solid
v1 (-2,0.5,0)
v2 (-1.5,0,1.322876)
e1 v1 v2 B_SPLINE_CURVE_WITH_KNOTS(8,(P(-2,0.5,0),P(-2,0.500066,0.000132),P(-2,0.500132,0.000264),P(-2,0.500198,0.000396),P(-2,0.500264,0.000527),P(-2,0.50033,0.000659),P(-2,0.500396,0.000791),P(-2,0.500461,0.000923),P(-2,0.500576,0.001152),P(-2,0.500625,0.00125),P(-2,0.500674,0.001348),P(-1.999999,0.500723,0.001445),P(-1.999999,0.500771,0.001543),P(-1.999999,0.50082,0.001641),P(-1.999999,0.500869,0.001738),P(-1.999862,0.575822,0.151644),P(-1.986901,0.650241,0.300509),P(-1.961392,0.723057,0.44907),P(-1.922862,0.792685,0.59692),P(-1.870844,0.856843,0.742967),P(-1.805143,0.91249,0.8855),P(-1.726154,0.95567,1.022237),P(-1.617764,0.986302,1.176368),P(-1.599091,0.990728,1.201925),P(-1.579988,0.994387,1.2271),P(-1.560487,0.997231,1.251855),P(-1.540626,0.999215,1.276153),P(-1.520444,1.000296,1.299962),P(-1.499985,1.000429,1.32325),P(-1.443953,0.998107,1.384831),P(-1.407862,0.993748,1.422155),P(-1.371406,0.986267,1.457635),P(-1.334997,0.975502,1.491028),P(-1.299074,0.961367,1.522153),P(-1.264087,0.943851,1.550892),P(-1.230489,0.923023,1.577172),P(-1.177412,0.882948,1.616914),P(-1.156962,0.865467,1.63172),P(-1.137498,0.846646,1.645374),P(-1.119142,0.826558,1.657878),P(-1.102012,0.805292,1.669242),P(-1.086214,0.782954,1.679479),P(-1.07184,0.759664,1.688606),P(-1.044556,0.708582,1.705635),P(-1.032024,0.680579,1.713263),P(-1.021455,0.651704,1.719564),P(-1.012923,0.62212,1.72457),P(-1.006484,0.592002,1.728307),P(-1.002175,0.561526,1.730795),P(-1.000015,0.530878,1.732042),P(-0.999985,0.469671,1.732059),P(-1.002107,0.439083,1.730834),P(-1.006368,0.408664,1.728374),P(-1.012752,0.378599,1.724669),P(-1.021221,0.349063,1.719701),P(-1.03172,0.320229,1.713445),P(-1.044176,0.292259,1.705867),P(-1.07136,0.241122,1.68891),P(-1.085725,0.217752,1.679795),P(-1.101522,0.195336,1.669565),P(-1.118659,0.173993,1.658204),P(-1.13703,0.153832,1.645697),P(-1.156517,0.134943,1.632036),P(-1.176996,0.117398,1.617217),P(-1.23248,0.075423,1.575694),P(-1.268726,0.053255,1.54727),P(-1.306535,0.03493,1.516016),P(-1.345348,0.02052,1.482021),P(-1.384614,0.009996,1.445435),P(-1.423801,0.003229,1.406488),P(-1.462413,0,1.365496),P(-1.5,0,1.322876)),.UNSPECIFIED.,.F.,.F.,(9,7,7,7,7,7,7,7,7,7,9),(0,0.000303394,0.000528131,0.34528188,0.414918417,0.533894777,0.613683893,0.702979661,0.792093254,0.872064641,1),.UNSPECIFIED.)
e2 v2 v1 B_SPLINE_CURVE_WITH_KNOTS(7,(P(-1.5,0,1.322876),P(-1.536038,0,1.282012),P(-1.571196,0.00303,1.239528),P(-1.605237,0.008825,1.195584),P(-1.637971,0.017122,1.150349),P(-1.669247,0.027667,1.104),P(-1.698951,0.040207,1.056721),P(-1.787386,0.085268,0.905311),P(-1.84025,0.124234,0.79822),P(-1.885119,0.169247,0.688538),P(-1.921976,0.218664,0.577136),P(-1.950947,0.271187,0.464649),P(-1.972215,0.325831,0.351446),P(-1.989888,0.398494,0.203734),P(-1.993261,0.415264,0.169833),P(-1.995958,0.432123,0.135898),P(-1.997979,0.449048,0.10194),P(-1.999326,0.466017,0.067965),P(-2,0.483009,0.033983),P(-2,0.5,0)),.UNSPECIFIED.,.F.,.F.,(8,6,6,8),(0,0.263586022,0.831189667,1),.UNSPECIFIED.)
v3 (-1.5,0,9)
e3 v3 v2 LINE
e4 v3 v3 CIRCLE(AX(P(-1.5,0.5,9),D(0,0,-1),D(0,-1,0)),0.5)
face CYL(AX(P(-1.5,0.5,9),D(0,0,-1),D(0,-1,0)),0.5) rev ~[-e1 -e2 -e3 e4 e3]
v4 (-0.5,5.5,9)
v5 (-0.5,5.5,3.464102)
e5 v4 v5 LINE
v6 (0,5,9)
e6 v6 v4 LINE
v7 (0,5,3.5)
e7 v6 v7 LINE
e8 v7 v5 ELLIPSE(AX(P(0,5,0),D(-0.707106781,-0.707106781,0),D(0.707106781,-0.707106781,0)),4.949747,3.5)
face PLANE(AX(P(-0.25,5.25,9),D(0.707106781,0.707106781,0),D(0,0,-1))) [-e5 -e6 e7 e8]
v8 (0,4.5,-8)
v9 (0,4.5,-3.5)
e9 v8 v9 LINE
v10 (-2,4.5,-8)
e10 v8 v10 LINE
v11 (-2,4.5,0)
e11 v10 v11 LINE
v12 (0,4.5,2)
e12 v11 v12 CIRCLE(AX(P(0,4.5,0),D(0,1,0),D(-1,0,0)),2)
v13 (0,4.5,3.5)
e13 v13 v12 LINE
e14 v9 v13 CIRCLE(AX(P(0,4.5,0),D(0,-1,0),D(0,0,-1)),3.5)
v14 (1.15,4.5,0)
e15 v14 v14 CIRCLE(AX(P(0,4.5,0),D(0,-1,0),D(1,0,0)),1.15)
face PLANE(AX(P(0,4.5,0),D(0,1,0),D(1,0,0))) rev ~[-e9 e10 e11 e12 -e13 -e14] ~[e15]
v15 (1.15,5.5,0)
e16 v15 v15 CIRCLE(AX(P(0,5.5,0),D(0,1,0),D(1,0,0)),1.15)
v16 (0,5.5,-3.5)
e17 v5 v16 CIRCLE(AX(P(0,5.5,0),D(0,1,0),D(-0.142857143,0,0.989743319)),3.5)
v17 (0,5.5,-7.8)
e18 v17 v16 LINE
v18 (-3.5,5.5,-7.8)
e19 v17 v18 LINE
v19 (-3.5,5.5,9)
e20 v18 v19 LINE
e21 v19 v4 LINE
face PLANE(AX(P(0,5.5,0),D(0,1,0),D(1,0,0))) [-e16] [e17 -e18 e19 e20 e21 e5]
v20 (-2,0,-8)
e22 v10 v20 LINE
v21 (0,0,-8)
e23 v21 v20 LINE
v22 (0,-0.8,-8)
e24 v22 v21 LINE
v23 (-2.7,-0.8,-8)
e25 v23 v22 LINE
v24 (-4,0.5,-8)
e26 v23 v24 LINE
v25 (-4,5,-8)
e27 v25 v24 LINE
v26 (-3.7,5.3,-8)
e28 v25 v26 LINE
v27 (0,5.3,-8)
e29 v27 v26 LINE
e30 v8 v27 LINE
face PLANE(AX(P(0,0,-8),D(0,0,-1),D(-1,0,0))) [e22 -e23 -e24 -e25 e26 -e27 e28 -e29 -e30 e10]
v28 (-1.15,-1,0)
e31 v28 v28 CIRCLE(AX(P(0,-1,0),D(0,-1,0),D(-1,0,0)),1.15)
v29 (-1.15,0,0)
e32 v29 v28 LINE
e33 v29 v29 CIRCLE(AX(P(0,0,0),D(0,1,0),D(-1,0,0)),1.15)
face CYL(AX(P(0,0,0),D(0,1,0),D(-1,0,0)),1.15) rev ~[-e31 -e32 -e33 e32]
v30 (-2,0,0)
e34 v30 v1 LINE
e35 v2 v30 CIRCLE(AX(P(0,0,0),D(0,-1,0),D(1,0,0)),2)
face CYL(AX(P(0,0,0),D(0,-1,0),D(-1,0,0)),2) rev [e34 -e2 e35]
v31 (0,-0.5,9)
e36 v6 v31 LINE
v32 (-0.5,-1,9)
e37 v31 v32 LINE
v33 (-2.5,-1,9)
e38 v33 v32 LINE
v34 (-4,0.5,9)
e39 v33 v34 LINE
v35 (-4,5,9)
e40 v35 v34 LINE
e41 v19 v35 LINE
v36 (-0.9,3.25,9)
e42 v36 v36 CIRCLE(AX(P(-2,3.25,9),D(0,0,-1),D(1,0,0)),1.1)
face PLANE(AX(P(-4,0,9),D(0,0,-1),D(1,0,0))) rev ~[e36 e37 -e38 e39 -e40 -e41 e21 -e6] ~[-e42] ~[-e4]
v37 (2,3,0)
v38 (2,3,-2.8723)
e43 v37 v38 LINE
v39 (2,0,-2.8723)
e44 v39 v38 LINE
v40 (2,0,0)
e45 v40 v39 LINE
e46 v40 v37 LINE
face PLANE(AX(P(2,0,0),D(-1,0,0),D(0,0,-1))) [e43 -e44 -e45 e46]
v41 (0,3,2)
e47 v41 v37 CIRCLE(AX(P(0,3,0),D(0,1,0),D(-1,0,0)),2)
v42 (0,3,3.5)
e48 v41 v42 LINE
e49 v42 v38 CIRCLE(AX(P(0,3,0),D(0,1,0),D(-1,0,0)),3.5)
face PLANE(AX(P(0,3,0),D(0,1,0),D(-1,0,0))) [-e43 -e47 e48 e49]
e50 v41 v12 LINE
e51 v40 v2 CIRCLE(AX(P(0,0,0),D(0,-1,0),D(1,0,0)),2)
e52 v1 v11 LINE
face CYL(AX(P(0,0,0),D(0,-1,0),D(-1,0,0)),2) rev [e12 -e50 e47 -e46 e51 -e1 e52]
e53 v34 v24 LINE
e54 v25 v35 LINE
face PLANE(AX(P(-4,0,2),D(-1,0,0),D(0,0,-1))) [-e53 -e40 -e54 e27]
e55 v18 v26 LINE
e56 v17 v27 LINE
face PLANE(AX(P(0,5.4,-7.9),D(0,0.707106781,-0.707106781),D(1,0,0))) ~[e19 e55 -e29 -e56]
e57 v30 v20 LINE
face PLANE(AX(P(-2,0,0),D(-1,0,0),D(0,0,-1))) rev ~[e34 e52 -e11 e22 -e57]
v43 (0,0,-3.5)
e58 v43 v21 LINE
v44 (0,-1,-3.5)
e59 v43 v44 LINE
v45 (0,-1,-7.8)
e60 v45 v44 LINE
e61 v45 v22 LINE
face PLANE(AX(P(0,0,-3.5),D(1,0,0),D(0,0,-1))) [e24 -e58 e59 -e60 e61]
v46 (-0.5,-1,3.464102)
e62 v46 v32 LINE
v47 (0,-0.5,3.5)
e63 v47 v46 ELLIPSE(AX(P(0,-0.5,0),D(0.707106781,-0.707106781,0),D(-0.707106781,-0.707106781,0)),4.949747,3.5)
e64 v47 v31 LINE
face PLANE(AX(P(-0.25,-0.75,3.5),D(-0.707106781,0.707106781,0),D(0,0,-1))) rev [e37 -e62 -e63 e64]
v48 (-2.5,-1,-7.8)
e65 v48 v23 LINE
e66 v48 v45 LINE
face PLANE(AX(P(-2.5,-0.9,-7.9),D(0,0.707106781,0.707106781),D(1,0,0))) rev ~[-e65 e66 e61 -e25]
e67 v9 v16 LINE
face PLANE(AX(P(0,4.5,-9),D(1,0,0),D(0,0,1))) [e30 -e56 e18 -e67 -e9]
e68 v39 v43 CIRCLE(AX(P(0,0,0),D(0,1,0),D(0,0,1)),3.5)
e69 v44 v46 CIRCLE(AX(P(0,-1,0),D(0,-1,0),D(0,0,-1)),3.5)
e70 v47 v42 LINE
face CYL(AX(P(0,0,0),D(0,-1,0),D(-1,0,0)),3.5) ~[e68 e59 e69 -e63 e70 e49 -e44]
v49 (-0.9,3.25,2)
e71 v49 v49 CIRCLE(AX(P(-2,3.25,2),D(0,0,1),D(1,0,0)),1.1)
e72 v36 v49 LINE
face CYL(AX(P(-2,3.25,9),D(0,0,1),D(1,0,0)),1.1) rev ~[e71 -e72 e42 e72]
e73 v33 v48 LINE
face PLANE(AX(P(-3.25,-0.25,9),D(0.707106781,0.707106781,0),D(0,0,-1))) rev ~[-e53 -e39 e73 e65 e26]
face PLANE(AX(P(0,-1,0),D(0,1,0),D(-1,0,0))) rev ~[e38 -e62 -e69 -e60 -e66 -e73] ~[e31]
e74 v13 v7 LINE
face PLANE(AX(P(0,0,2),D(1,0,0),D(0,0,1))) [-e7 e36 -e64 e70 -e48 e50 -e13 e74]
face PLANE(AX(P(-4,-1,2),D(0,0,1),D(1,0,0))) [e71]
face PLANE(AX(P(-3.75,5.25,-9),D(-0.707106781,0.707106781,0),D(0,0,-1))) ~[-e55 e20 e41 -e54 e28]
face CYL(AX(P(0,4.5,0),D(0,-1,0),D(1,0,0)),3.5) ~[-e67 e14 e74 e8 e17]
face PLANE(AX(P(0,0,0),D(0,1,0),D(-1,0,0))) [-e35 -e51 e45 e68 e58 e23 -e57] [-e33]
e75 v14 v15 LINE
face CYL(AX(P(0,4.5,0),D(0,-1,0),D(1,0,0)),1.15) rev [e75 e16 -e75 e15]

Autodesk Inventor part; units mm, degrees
ref_plane "YZ Plane" through (0, 0, 0) normal (1, 0, 0) x (0, 1, 0)
ref_plane "XZ Plane" through (0, 0, 0) normal (0, 1, 0) x (-1, 0, 0)
ref_plane "XY Plane" through (0, 0, 0) normal (0, 0, 1) x (1, 0, 0)
sketch "スケッチ1" plane through (0, 0, 0) normal (0, 1, 0) x (-1, 0, 0)
  circle A0 centre (0, 0) radius 1.15
  circle A1 centre (0, 0) radius 2
  circle A2 centre (0, 0) radius 3.5
  line L0 (0, 0) -> (0, 3.5)
  line L1 (2, 0) -> (-2, 0)
  line L2 (2, 0) -> (2, -2.8723)
  line L3 (-2, 0) -> (-2, -2.8723)
  line L4 (0, 2) -> (3.5, 2)
  line L5 (3.5, 2) -> (3.5, 6)
  line L6 (3.5, 6) -> (0, 6)
  line L7 (0, 6) -> (0, 2)
  line L8 (0, 6) -> (3.5, 6)
  line L9 (3.5, 6) -> (3.5, 0)
  line L10 (3.5, 0) -> (0, 0)
  line L11 (0, 0) -> (0, 6)
  line L12 (0, 0) -> (0, -8)
  line L13 (0, 0) -> (3.5, 0)
  line L14 (3.5, 0) -> (3.5, -8)
  line L15 (3.5, -8) -> (0, -8)
  line L16 (0, -8) -> (0, 0)
  line L17 (2, -2.8723) -> (2, -8)
  line L18 (0, -8) -> (3.5, -4.5)
  line L19 (0, -8) -> (4.9497, -8) construction
  line L20 (0, 0) -> (3.5, 0)
  line L21 (3.5, 0) -> (3.5, -9)
  line L22 (3.5, -9) -> (0, -9)
  line L23 (0, -9) -> (0, 0)
  line L24 (0, 2) -> (4, 2)
  line L25 (4, 2) -> (4, 9)
  line L26 (4, 9) -> (0, 9)
  line L27 (0, 9) -> (0, 2)
  line L28 (0, 9) -> (4, 9)
  line L29 (4, 9) -> (4, -9)
  line L30 (4, -9) -> (0, -9)
  line L31 (0, -9) -> (0, 9)
  line L32 (0, 0) -> (2, 0)
  line L33 (2, 0) -> (2, -9)
  line L34 (2, -9) -> (0, -9)
  line L35 (0, -9) -> (0, 0)
  point P0 (2, -6)
  point P1 (0, -3.5)
  dimension "d0" = 2.3
  dimension "d1" = 4
  dimension "d2" = 7
  dimension "d3" = 3.5
  dimension "d4" = 4
  dimension "d5" = 8
  dimension "d6" = 45
  dimension "d40" = 9
  dimension "d41" = 4
  dimension "d42" = 7
extrude "押し出し1" add sketch "スケッチ1" along normal blind 3 contours A1 L3 A2 L0
extrude "押し出し2" add sketch "スケッチ1" along normal blind 4.5 contours L10 A2 L2 | A1 L4 A2 L10 | L0 A2 L4 | A2 L14 L18 L17 | A2 L4 L9 | L9 L24 L29 L30 L21 L14 | L7 L6 L5 L4 A2 | L18 L14 L15 L17 | L5 L6 L27 L26 L25 L24 | L15 L21 L22 L33
extrude "押し出し3" add sketch "スケッチ1" against normal blind 1 contours L1 A1 L12 A0 | A0 L0 A1 L1 | A0 L1 A1 L0 | L12 A1 L1 A0 | L2 A2 L12 A1 | L10 A2 L2 | A1 L4 A2 L10 | A1 L3 A2 L0 | L0 A2 L4 | L12 A2 L3 A1 | L17 L18 L12 A2 | A2 L14 L18 L17 | A2 L4 L9 | L9 L24 L29 L30 L21 L14 | L7 L6 L5 L4 A2 | L18 L14 L15 L17 | L17 L15 L18 | L5 L6 L27 L26 L25 L24 | L15 L33 L22 L23 | L15 L21 L22 L33
sketch "スケッチ4" plane through (0, 4.5, 0) normal (0, 1, 0) x (1, 0, 0)
  circle A0 centre (0, 0) radius 1.15
  circle A1 centre (0, 0) radius 2
  circle A2 centre (0, 0) radius 3.5
  line L0 (-4, 9) -> (-4, -9) projected
  line L1 (0, 0) -> (-4, 0)
  line L2 (-4, 0) -> (-4, -9)
  line L3 (-4, -9) -> (0, -9)
  line L4 (0, -9) -> (0, 0)
  line L5 (0, 0) -> (-4, 0)
  line L6 (-4, 0) -> (-4, 9)
  line L7 (-4, 9) -> (0, 9)
  line L8 (0, 9) -> (0, 0)
  point P0 (0, -3.5)
  point P1 (0, 3.5)
  dimension "d43" = 2.3
  dimension "d44" = 4
  dimension "d45" = 7
  dimension "d46" = 4
  dimension "d47" = 9
extrude "押し出し6" add sketch "スケッチ4" along normal blind 1 contours A0 L8 A1 L4 | A0 L1 A1 L8 | L4 A1 L1 A0 | L8 A2 L4 A1 | A1 L1 A2 L8 | L4 A2 L1 A1 | A2 L1 L0 L7 L8 | L4 L3 L0 L1 A2
sketch "スケッチ5" plane through (-4, -1, 9) normal (0, 0, 1) x (1, 0, 0)
  line L0 (4, 0) -> (4, 4) projected
  line L1 (4, 0) -> (0, 0)
  line L2 (0, 0) -> (0, 1)
  line L3 (0, 1) -> (4, 1)
  line L4 (4, 1) -> (4, 0)
  line L5 (4, 1) -> (2.5, 1)
  line L6 (2.5, 1) -> (2.5, 1.5)
  line L7 (2.5, 1.5) -> (4, 1.5)
  line L8 (4, 1.5) -> (4, 1)
  line L9 (4, 6.5) -> (0, 6.5) projected
  line L10 (0, 6.5) -> (2, 6.5)
  line L11 (2, 6.5) -> (2, 4.25)
  line L12 (2, 4.25) -> (0, 4.25)
  line L13 (0, 4.25) -> (0, 6.5)
  circle A0 centre (2, 4.25) radius 1.1
  dimension "d50" = 4
  dimension "d51" = 1
  dimension "d52" = 1.5
  dimension "d53" = 0.5
  dimension "d54" = 2
  dimension "d55" = 2.25
  dimension "d56" = 2.2
extrude "押し出し7" cut sketch "スケッチ5" against normal blind 7 contours A0 L12 L11 | L11 L12 A0
hole "穴2" at (-1.5, 0.5, 9) direction (0, 0, -1) diameter 1 end through all
chamfer "面取り1" distance 0.5 angle 45 3 edges at (0, -1, 6.25) (0, 5.5, 6.25) (-4, 5.5, 0)
chamfer "面取り2" distance 1.5 angle 45 1 edges at (-4, -1, 0)
sketch "スケッチ6" plane through (0, 0, -9) normal (0, 0, -1) x (-1, 0, 0)
  line L0 (0, 5.5) -> (4, 5.5)
  line L1 (4, 5.5) -> (4, -1)
  line L2 (4, -1) -> (0, -1)
  line L3 (0, -1) -> (0, 5.5)
  point P0 (0, 0)
  dimension "d72" = 4
  dimension "d73" = 6.5
extrude "押し出し8" cut sketch "スケッチ6" against normal blind 1
chamfer "面取り3" distance 0.2 angle 45 2 edges at (-1.75, 5.5, -8) (-1.25, -1, -8)
properties part number "rod6.3"
